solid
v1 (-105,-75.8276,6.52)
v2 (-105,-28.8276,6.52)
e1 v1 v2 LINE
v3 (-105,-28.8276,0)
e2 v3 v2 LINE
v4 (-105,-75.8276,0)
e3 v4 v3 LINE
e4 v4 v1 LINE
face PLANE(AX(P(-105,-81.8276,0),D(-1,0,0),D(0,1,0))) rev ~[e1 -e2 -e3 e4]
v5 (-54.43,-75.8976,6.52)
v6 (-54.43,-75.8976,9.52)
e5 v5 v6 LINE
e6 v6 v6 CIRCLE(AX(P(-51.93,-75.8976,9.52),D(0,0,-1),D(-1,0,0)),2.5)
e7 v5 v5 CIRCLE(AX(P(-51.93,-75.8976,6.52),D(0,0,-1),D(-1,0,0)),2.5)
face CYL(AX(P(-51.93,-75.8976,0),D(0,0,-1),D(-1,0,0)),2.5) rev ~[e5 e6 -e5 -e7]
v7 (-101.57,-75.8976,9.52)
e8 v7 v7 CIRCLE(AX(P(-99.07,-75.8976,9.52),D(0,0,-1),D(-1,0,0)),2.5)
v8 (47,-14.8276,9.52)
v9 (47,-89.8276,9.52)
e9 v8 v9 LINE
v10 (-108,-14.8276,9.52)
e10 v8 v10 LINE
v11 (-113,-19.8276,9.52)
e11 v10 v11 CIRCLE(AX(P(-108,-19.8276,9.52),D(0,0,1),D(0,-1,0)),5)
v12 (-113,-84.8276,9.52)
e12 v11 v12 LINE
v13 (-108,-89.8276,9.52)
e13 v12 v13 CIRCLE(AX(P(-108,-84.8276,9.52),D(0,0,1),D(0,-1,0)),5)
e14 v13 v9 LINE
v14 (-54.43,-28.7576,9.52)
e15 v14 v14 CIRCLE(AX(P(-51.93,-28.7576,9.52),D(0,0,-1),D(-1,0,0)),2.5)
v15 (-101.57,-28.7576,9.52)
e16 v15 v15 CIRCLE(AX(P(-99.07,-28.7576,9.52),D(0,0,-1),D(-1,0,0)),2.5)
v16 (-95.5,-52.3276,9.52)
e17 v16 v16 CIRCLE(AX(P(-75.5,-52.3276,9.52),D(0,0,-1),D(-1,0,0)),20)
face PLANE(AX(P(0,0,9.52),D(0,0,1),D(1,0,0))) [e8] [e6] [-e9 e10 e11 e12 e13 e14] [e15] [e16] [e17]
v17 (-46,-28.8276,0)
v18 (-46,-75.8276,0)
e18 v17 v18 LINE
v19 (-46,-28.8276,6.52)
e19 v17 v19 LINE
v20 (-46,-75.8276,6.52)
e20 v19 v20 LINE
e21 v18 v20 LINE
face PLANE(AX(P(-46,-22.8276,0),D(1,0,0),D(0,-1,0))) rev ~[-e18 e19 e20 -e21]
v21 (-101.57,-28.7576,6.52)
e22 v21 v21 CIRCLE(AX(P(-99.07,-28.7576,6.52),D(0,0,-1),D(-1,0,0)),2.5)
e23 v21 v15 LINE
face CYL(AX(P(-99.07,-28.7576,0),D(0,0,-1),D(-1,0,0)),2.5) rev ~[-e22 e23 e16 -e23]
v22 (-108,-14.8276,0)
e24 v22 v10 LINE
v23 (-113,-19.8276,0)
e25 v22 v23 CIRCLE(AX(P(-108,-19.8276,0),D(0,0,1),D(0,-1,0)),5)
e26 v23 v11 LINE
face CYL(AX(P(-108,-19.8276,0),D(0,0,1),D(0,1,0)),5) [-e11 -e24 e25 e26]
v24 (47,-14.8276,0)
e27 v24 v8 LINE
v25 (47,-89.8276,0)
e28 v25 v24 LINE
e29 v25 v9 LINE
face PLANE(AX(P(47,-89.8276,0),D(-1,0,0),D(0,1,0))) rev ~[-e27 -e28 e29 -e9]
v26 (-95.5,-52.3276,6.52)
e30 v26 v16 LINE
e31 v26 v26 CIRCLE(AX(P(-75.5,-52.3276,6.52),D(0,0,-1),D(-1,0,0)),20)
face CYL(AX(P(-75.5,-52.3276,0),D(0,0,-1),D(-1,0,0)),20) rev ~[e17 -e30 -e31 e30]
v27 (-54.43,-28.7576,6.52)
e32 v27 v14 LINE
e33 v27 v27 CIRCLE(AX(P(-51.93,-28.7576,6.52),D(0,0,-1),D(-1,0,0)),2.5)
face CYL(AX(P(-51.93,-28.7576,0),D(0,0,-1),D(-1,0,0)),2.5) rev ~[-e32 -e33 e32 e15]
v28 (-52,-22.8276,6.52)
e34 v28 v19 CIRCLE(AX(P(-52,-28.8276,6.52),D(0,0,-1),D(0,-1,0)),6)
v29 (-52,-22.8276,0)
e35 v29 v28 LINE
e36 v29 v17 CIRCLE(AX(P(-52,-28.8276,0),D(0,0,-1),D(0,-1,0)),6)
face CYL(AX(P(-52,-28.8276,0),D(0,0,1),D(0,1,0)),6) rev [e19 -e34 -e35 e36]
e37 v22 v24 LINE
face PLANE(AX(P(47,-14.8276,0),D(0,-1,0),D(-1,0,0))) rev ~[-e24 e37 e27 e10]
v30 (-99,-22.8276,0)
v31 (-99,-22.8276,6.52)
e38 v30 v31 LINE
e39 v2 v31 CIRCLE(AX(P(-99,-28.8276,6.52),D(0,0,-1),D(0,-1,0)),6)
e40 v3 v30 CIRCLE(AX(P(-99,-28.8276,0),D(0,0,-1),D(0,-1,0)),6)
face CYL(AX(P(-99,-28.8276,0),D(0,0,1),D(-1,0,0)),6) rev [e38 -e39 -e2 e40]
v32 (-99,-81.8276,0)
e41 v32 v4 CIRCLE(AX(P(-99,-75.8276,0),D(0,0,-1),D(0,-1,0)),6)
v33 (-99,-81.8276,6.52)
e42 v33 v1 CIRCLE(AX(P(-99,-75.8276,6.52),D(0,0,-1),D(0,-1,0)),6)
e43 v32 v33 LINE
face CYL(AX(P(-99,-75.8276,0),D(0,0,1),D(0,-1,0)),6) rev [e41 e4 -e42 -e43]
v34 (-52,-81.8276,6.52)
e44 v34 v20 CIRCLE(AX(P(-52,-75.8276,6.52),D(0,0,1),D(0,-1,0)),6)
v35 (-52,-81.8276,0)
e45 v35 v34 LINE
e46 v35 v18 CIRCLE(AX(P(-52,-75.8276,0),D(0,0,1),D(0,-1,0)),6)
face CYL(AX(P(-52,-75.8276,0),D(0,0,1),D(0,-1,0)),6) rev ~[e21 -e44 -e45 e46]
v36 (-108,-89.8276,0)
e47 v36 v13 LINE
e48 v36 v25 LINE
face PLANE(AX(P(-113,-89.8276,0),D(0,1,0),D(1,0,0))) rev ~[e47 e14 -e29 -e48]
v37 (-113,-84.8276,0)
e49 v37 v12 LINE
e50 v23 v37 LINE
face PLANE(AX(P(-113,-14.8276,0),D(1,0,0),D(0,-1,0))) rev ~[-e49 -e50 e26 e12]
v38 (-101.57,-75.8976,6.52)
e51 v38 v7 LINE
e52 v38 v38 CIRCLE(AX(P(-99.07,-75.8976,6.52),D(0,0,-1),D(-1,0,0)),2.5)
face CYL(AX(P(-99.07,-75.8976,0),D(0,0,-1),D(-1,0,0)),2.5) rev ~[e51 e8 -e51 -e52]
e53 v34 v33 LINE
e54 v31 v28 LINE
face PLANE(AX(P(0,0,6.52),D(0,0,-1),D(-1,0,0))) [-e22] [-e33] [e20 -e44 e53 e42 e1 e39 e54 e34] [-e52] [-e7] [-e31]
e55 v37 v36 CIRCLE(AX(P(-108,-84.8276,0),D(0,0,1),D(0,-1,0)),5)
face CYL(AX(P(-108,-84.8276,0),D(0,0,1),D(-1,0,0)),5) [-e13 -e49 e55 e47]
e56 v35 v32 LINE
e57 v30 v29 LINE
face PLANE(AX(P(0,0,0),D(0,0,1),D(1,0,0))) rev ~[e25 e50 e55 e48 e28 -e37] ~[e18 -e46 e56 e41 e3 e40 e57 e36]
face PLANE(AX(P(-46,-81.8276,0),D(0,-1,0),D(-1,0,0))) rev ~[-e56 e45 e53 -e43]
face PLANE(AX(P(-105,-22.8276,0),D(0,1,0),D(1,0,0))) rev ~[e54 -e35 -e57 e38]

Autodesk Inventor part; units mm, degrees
ref_plane "YZ Plane" through (0, 0, 0) normal (1, 0, 0) x (0, 1, 0)
ref_plane "XZ Plane" through (0, 0, 0) normal (0, 1, 0) x (-1, 0, 0)
ref_plane "XY Plane" through (0, 0, 0) normal (0, 0, 1) x (1, 0, 0)
sketch "Esboço1" plane through (0, 0, 0) normal (0, 0, 1) x (1, 0, 0)
  line L0 (-33, -50) -> (-33, 950) projected
  line L1 (47, -50) -> (47, 950) projected
  line L2 (-113, -89.8276) -> (47, -89.8276)
  line L3 (47, -14.8276) -> (-113, -14.8276)
  line L4 (-113, -14.8276) -> (-113, -89.8276)
  line L5 (47, -89.8276) -> (47, -14.8276)
  point P0 (0, 0)
  dimension "d0" = 160
  dimension "d1" = 160
  dimension "d2" = 75
extrude "Extrusão1" add sketch "Esboço1" along normal blind 9.52
sketch "Esboço9" plane through (0, 0, 0) normal (0, 0, -1) x (-1, 0, 0)
  line L0 (105, -22.8276) -> (46, -22.8276)
  line L1 (46, -22.8276) -> (46, -81.8276)
  line L2 (46, -81.8276) -> (105, -81.8276)
  line L3 (105, -81.8276) -> (105, -22.8276)
  line L4 (105, -22.8276) -> (46, -81.8276) construction
  line L5 (46, -22.8276) -> (105, -81.8276) construction
  line L6 (105, -52.3276) -> (46, -52.3276) construction
  line L7 (75.5, -22.8276) -> (75.5, -81.8276) construction
  circle A0 centre (99.07, -28.7576) radius 2.5
  circle A1 centre (99.07, -75.8976) radius 2.5
  circle A2 centre (51.93, -28.7576) radius 2.5
  circle A3 centre (51.93, -75.8976) radius 2.5
  line L8 (113, -14.8276) -> (113, -89.8276) projected
  line L9 (113, -89.8276) -> (-47, -89.8276) projected
  circle A4 centre (75.5, -52.3276) radius 20
  point P0 (0, 0)
  dimension "d72" = 59
  dimension "d73" = 59
  dimension "d74" = 5
  dimension "d75" = 5
  dimension "d76" = 5
  dimension "d77" = 5
  dimension "d78" = 23.57
  dimension "d79" = 23.57
  dimension "d80" = 23.57
  dimension "d81" = 23.57
  dimension "d82" = 23.57
  dimension "d83" = 23.57
  dimension "d84" = 23.57
  dimension "d85" = 23.57
  dimension "d86" = 8
  dimension "d87" = 8
  dimension "d88" = 40
extrude "Extrusão6" cut sketch "Esboço9" against normal blind 6.52
sketch "Esboço10" plane through (-75.5, -52.3276, 0) normal (0, 0, -1) x (-1, 0, 0)
  circle A0 centre (0, 0) radius 20 projected
  circle A1 centre (0, 0) radius 20
  circle A2 centre (23.57, -23.57) radius 2.5 projected
  circle A3 centre (23.57, -23.57) radius 2.5
  circle A4 centre (23.57, 23.57) radius 2.5 projected
  circle A5 centre (23.57, 23.57) radius 2.5
  circle A6 centre (-23.57, 23.57) radius 2.5 projected
  circle A7 centre (-23.57, 23.57) radius 2.5
  circle A8 centre (-23.57, -23.57) radius 2.5 projected
  circle A9 centre (-23.57, -23.57) radius 2.5
  point P0 (-75.5, 52.3276)
extrude "Extrusão7" cut sketch "Esboço10" against normal through all
fillet "Arredondamento1" radius 6 4 edges at (-105, -22.8276, 3.26) (-105, -81.8276, 3.26) (-46, -22.8276, 3.26) (-46, -81.8276, 3.26)
fillet "Arredondamento2" radius 5 2 edges at (-113, -14.8276, 4.76) (-113, -89.8276, 4.76)
equation "\"d0\" = d1"
equation "\"d79\" = d78"
equation "\"d80\" = d78"
equation "\"d81\" = d78"
equation "\"d82\" = d78"
equation "\"d83\" = d78"
equation "\"d84\" = d78"
equation "\"d85\" = d78"
properties part number "SUPORTE_MOTOR_EIXO_X"
